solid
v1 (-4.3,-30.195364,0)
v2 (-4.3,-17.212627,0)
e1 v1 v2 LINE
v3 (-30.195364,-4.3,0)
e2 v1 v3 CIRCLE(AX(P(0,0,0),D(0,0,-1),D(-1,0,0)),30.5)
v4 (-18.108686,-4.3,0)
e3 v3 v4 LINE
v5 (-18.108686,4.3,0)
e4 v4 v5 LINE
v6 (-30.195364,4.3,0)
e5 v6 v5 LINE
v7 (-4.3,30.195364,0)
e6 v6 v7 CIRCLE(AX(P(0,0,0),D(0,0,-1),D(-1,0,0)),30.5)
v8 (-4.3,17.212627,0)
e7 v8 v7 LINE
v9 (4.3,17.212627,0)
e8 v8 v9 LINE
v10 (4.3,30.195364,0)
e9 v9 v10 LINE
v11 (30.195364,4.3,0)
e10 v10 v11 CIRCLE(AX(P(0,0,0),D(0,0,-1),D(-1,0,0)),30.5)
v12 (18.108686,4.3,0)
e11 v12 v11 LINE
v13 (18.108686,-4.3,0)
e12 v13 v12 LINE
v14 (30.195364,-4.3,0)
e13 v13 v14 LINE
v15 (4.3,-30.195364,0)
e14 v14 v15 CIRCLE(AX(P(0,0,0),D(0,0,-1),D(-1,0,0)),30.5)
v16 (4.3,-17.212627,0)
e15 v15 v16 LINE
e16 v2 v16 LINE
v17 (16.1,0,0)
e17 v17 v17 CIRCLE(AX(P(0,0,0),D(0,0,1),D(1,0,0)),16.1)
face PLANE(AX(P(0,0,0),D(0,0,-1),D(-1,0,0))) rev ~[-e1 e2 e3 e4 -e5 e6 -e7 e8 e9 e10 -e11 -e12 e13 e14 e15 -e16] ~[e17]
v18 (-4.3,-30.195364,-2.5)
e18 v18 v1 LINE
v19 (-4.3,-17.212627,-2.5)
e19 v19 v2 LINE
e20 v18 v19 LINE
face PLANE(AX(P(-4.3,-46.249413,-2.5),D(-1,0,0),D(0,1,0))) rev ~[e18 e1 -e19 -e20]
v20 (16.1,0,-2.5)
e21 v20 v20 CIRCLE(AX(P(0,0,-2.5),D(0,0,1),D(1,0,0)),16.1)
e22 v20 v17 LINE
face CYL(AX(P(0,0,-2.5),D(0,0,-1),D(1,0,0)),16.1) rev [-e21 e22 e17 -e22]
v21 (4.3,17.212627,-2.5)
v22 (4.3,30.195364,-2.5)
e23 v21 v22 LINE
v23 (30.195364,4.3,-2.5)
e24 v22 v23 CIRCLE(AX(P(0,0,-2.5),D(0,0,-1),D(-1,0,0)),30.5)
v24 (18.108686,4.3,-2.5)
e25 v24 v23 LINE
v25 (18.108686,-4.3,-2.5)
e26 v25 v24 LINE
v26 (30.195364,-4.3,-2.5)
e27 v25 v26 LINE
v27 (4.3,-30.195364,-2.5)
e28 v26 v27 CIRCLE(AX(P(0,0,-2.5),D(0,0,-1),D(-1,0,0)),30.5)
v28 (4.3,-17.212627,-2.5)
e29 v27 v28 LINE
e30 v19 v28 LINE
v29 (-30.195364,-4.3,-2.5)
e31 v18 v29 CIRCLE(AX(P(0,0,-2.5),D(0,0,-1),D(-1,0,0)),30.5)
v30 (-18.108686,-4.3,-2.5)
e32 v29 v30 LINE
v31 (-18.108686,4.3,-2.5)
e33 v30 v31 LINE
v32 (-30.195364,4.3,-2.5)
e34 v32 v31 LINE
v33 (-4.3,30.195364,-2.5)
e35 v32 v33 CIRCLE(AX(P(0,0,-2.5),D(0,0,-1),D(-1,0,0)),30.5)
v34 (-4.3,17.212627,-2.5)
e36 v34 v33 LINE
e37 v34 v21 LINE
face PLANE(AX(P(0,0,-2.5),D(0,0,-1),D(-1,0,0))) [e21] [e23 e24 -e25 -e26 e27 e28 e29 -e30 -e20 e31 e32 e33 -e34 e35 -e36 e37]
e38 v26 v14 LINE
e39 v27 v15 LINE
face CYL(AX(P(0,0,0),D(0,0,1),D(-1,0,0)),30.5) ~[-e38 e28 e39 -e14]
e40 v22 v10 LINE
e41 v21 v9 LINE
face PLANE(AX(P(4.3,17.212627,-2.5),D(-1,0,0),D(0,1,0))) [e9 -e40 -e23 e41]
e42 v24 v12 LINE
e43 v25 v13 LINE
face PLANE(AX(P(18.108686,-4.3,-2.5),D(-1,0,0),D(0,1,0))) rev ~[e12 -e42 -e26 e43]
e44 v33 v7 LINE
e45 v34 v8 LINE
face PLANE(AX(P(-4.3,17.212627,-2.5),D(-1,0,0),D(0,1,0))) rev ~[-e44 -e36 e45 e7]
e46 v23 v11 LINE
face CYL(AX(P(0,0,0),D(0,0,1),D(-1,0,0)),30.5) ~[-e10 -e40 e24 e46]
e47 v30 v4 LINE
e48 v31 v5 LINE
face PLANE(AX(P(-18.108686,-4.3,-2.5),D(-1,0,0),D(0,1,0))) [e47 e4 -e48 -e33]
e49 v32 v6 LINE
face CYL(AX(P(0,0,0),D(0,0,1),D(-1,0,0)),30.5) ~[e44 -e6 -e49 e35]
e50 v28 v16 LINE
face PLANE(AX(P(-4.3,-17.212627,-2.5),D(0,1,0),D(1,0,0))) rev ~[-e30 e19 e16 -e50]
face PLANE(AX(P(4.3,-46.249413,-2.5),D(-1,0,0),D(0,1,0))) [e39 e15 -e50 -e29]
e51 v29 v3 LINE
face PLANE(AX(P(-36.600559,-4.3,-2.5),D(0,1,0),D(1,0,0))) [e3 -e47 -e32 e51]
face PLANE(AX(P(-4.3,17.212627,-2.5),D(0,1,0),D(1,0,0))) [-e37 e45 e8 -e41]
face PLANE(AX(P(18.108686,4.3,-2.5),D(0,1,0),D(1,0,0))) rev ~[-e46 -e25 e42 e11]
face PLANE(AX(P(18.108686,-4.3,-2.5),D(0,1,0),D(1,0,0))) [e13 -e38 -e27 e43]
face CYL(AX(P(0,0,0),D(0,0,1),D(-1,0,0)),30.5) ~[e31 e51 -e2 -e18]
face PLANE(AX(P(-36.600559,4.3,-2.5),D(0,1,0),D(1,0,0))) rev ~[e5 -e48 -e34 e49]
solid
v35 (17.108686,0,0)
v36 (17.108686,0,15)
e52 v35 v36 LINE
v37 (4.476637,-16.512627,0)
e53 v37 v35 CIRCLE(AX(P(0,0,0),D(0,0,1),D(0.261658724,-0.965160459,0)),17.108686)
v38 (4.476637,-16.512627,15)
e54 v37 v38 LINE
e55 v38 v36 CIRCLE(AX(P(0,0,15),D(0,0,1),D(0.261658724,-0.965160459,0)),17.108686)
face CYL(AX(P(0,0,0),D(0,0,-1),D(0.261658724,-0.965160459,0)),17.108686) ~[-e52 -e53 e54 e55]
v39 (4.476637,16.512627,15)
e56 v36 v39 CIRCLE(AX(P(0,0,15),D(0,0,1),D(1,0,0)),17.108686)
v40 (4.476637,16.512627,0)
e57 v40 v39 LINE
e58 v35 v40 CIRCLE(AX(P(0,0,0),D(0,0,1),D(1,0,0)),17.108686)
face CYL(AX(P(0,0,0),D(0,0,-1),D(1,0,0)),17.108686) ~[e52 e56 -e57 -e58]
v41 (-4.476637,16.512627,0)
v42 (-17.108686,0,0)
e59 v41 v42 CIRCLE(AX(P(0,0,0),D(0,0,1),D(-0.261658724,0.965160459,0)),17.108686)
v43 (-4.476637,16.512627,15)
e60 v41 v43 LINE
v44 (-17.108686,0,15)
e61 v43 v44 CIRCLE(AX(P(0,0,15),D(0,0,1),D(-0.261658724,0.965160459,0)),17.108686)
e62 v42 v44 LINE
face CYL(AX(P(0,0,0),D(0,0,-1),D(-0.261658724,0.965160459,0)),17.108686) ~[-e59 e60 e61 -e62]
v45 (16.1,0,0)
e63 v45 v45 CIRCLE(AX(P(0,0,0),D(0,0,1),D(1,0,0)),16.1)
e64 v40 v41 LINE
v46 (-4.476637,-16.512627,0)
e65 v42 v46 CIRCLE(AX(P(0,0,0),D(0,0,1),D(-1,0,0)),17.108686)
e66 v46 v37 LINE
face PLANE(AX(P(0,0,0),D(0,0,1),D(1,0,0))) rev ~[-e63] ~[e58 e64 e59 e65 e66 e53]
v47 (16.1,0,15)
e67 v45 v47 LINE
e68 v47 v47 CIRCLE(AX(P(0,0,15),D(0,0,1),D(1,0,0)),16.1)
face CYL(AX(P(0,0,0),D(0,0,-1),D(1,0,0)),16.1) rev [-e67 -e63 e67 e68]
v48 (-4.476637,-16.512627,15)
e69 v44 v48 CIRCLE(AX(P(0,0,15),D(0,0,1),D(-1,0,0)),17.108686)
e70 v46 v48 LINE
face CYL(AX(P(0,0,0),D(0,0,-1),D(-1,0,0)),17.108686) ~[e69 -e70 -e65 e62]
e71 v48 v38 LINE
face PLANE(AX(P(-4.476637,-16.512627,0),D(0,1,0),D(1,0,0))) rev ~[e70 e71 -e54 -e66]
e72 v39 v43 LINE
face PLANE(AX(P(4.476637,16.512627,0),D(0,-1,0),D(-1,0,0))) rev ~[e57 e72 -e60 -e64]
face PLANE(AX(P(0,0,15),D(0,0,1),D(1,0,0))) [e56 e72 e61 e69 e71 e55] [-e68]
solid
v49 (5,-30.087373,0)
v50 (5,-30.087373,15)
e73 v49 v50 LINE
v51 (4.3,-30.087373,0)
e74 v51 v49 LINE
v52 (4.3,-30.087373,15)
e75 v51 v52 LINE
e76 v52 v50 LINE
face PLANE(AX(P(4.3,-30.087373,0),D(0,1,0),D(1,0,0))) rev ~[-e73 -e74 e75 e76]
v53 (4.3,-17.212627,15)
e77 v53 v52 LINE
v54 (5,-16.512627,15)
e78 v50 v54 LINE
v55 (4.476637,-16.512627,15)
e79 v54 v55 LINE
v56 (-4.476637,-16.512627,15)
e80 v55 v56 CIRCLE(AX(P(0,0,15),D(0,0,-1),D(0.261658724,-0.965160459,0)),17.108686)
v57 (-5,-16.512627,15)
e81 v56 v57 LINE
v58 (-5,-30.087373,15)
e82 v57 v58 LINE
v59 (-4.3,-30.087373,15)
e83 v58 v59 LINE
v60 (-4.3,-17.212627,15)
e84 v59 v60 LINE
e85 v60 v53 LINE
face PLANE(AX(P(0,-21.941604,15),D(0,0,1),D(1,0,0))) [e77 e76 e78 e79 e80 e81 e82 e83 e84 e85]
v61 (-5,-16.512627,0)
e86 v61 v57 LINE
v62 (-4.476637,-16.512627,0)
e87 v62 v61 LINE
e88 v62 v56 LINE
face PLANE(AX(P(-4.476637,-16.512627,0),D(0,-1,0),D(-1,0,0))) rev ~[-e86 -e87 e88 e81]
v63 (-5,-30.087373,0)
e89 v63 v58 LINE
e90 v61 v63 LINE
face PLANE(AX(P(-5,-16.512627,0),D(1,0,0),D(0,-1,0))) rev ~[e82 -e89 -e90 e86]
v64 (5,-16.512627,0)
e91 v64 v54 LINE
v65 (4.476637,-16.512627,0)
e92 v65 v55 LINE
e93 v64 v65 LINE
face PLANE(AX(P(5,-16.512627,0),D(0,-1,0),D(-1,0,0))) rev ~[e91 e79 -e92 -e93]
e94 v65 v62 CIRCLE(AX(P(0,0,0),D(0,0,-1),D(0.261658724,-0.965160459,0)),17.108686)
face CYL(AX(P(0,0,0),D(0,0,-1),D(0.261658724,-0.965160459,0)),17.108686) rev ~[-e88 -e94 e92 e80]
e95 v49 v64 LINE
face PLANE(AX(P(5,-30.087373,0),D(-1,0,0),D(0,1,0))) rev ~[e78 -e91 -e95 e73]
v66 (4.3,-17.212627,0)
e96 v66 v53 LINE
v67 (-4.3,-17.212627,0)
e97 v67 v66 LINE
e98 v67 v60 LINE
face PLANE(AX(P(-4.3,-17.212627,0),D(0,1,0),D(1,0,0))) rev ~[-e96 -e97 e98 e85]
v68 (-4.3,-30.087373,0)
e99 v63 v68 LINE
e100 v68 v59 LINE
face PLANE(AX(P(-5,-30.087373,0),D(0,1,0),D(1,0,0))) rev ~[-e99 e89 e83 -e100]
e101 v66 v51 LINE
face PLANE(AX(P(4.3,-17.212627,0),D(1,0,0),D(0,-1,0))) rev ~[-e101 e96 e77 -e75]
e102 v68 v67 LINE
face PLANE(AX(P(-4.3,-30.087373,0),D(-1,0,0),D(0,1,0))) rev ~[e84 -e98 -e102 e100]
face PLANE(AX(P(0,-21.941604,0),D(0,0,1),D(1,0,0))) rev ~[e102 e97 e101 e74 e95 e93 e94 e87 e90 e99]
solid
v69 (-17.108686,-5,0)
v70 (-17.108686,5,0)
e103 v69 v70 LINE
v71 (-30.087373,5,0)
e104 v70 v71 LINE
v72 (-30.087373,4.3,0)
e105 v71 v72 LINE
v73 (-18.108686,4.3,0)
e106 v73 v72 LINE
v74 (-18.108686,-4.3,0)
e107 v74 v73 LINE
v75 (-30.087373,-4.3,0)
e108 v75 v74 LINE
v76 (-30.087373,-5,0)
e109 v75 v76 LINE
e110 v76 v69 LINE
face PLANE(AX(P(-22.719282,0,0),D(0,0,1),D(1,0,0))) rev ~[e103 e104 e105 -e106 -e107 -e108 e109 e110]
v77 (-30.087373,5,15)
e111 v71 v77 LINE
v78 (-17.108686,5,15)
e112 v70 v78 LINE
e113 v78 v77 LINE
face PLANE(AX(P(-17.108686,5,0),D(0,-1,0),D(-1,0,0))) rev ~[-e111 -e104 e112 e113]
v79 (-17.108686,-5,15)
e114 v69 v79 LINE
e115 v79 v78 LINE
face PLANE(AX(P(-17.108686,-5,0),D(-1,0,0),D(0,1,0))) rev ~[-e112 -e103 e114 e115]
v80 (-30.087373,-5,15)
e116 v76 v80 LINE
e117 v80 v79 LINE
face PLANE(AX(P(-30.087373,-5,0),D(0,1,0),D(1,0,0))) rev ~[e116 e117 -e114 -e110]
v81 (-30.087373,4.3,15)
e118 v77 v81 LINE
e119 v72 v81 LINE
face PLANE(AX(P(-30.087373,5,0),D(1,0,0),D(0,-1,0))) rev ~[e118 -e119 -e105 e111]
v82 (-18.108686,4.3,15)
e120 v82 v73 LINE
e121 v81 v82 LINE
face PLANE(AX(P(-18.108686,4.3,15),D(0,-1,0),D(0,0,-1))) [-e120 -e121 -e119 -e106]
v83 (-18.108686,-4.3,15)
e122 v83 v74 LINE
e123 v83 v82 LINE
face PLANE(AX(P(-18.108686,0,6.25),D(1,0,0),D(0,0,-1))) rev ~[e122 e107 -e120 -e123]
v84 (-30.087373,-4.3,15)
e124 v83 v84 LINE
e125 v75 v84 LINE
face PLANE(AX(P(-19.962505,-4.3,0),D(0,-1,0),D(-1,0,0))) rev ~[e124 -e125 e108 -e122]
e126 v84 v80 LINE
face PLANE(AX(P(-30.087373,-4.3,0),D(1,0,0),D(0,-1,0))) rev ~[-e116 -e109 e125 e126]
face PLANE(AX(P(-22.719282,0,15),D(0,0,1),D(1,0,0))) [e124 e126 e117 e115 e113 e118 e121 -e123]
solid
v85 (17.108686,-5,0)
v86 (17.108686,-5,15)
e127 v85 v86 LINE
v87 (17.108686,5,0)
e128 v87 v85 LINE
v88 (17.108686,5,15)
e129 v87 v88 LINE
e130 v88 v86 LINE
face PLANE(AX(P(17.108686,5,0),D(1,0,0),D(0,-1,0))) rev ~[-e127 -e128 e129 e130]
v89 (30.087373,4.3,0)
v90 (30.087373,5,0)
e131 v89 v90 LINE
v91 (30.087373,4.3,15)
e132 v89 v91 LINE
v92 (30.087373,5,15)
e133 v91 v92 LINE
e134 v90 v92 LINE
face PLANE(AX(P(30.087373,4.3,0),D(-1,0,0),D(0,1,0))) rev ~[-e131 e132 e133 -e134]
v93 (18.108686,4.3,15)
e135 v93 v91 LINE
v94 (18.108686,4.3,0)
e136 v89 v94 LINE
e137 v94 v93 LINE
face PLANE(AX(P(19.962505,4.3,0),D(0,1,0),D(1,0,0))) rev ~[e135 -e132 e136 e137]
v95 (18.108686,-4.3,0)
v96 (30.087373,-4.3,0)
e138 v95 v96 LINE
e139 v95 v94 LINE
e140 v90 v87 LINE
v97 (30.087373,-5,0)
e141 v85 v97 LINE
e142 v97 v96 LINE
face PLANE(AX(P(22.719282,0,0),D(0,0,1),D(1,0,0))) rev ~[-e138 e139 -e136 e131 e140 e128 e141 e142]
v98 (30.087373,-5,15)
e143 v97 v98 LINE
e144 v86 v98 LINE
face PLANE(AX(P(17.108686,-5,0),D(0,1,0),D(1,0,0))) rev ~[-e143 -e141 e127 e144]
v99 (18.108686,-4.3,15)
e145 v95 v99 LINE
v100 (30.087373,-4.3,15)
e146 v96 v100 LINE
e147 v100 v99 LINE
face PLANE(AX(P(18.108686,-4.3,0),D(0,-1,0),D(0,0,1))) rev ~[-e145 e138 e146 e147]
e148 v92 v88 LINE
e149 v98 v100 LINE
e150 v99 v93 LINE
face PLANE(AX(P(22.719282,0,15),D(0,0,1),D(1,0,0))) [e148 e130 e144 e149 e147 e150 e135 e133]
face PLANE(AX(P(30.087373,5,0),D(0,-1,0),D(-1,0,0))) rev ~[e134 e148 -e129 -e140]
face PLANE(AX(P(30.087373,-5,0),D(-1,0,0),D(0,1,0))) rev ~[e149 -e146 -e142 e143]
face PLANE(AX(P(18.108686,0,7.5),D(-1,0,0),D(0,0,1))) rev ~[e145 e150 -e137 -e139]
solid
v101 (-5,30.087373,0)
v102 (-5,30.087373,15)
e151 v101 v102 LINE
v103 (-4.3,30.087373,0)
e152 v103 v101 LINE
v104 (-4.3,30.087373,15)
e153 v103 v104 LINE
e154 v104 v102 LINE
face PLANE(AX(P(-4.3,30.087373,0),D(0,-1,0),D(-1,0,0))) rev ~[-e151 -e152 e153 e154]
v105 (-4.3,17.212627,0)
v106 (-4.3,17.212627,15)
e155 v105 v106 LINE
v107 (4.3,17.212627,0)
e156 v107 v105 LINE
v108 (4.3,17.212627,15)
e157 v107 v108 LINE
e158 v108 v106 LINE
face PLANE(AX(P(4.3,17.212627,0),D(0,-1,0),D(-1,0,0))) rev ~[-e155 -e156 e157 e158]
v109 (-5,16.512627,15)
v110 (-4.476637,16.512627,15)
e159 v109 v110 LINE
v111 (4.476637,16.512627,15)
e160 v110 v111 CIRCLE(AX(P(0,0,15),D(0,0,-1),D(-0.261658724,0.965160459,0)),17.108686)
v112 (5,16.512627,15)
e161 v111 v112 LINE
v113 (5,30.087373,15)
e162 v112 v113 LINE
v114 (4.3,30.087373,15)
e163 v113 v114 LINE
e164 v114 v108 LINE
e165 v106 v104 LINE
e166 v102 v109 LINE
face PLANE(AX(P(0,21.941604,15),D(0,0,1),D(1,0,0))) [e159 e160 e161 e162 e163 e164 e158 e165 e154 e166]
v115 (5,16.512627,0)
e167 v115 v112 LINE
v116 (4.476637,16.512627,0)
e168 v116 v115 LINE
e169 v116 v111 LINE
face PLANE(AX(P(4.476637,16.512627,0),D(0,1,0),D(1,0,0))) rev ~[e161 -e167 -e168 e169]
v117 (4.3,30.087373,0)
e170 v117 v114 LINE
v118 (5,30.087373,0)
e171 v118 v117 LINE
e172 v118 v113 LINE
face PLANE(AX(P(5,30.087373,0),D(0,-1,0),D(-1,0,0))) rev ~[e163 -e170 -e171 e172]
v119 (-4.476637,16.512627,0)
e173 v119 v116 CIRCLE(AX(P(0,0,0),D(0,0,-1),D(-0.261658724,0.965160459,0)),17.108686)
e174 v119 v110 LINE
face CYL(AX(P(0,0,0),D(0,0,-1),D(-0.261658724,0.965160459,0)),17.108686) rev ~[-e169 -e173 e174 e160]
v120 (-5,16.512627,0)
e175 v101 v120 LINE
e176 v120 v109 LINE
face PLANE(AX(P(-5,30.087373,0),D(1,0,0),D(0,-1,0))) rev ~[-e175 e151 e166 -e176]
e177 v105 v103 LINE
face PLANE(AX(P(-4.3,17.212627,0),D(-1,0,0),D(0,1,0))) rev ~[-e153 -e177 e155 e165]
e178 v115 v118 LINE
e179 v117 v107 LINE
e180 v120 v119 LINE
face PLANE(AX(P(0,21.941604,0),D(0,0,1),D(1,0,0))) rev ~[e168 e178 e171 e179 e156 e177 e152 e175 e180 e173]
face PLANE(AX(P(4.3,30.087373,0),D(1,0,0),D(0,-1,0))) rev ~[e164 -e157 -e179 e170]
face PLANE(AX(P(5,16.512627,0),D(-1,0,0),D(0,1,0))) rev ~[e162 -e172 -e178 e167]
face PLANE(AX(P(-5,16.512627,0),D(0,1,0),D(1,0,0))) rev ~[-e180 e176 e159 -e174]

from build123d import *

# Parameters (mm, degrees)
SKETCH1_R             = 16.1
BOSS_EXTRUDE1_DEPTH   = 15
BOSS_EXTRUDE1_2_DEPTH = 15
BOSS_EXTRUDE1_3_DEPTH = 15
BOSS_EXTRUDE1_4_DEPTH = 15
BOSS_EXTRUDE1_5_DEPTH = 15
SKETCH2_R             = 30.5
BOSS_EXTRUDE8_DEPTH   = 2.5
CUT_EXTRUDE1_START    = -1
SKETCH3_W             = 15
SKETCH3_H             = 8.6
CUT_EXTRUDE1_DEPTH    = 1.853819388
CUT_EXTRUDE2_START    = -1
SKETCH4_W             = 17.5
SKETCH4_H             = 8.6
CUT_EXTRUDE2_DEPTH    = 1.853819388
CUT_EXTRUDE3_START    = -2.5
SKETCH5_R             = 16.1
SKETCH5_W             = 18.491872575
SKETCH5_H             = 8.6
SKETCH5_W_2           = 8.6
SKETCH5_H_2           = 42.348370594
SKETCH5_W_3           = 37.801288888
SKETCH5_H_3           = 29.036785998
CUT_EXTRUDE3_DEPTH    = 2.5


with BuildPart() as part:
    # Sketch1 → Boss-Extrude1 (new body)
    with BuildSketch(Plane.XY):
        with BuildLine():
            ThreePointArc((4.476636951, -16.512627233), (13.588533998, -10.39513734), (17.108685997, 0))
            ThreePointArc((17.108685997, 0), (13.588533998, 10.39513734), (4.476636951, 16.512627233))
            Line((4.476636951, 16.512627233), (-4.476636951, 16.512627233))
            ThreePointArc((-4.476636951, 16.512627233), (-13.588533998, 10.39513734), (-17.108685997, 0))
            ThreePointArc((-17.108685997, 0), (-13.588533998, -10.39513734), (-4.476636951, -16.512627233))
            Line((-4.476636951, -16.512627233), (4.476636951, -16.512627233))
        make_face()
        Circle(SKETCH1_R, mode=Mode.SUBTRACT)
    extrude(amount=BOSS_EXTRUDE1_DEPTH)


with BuildPart() as body_2:
    # Sketch1 → Boss-Extrude1 2 (new body)
    with BuildSketch(Plane.XY):
        Polygon((17.108685997, 5), (17.108685997, 0), (17.108685997, -5), (30.087372767, -5), (30.087372767, -4.3), (19.962505385, -4.3), (19.962505385, 4.3), (30.087372767, 4.3), (30.087372767, 5), align=None)
    extrude(amount=BOSS_EXTRUDE1_2_DEPTH)

    # Sketch3 → Cut-Extrude1 (cut)
    with BuildSketch(Plane.ZY.offset(-17.108685997).offset(CUT_EXTRUDE1_START)):
        with Locations((7.5, 0)):
            Rectangle(SKETCH3_W, SKETCH3_H)
    extrude(amount=-CUT_EXTRUDE1_DEPTH, mode=Mode.SUBTRACT)


with BuildPart() as body_3:
    # Sketch1 → Boss-Extrude1 3 (new body)
    with BuildSketch(Plane.XY):
        Polygon((-17.108685997, -5), (-17.108685997, 0), (-17.108685997, 5), (-30.087372767, 5), (-30.087372767, 4.3), (-19.962505385, 4.3), (-19.962505385, -4.3), (-30.087372767, -4.3), (-30.087372767, -5), align=None)
    extrude(amount=BOSS_EXTRUDE1_3_DEPTH)

    # Sketch4 → Cut-Extrude2 (cut)
    with BuildSketch(Plane(origin=(-17.108685997, 0, 0), x_dir=(0, 0, -1), z_dir=(1, 0, 0)).offset(CUT_EXTRUDE2_START)):
        with Locations((-6.25, 0)):
            Rectangle(SKETCH4_W, SKETCH4_H)
    extrude(amount=-CUT_EXTRUDE2_DEPTH, mode=Mode.SUBTRACT)


with BuildPart() as body_4:
    # Sketch1 → Boss-Extrude1 4 (new body)
    with BuildSketch(Plane.XY):
        with BuildLine():
            Line((4.476636951, 16.512627233), (5, 16.512627233))
            Line((5, 16.512627233), (5, 30.087372767))
            Line((5, 30.087372767), (4.3, 30.087372767))
            Line((4.3, 30.087372767), (4.3, 17.212627233))
            Line((4.3, 17.212627233), (-4.3, 17.212627233))
            Line((-4.3, 17.212627233), (-4.3, 30.087372767))
            Line((-4.3, 30.087372767), (-5, 30.087372767))
            Line((-5, 30.087372767), (-5, 16.512627233))
            Line((-5, 16.512627233), (-4.476636951, 16.512627233))
            ThreePointArc((-4.476636951, 16.512627233), (0, 17.108685997), (4.476636951, 16.512627233))
        make_face()
    extrude(amount=BOSS_EXTRUDE1_4_DEPTH)


with BuildPart() as body_5:
    # Sketch1 → Boss-Extrude1 5 (new body)
    with BuildSketch(Plane.XY):
        with BuildLine():
            Line((5, -16.512627233), (4.476636951, -16.512627233))
            ThreePointArc((4.476636951, -16.512627233), (0, -17.108685997), (-4.476636951, -16.512627233))
            Line((-4.476636951, -16.512627233), (-5, -16.512627233))
            Line((-5, -16.512627233), (-5, -30.087372767))
            Line((-5, -30.087372767), (-4.3, -30.087372767))
            Line((-4.3, -30.087372767), (-4.3, -17.212627233))
            Line((-4.3, -17.212627233), (4.3, -17.212627233))
            Line((4.3, -17.212627233), (4.3, -30.087372767))
            Line((4.3, -30.087372767), (5, -30.087372767))
            Line((5, -30.087372767), (5, -16.512627233))
        make_face()
    extrude(amount=BOSS_EXTRUDE1_5_DEPTH)


with BuildPart() as body_6:
    # Sketch2 → Boss-Extrude8 (new body)
    with BuildSketch(Plane(origin=(0, 0, 0), x_dir=(-1, 0, 0), z_dir=(0, 0, -1))):
        Circle(SKETCH2_R)
    extrude(amount=BOSS_EXTRUDE8_DEPTH)

    # Sketch5 → Cut-Extrude3 (cut)
    with BuildSketch(Plane.XY.offset(CUT_EXTRUDE3_START)):
        Circle(SKETCH5_R)
        with Locations((-27.354622285, 0)):
            Rectangle(SKETCH5_W, SKETCH5_H)
        with Locations((0, 38.38681253)):
            Rectangle(SKETCH5_W_2, SKETCH5_H_2)
        with Locations((37.009330441, 0)):
            Rectangle(SKETCH5_W_3, SKETCH5_H)
        with Locations((0, -31.731020232)):
            Rectangle(SKETCH5_W_2, SKETCH5_H_3)
    extrude(amount=CUT_EXTRUDE3_DEPTH, mode=Mode.SUBTRACT)


solid = Compound([part.part, body_2.part, body_3.part, body_4.part, body_5.part, body_6.part])
